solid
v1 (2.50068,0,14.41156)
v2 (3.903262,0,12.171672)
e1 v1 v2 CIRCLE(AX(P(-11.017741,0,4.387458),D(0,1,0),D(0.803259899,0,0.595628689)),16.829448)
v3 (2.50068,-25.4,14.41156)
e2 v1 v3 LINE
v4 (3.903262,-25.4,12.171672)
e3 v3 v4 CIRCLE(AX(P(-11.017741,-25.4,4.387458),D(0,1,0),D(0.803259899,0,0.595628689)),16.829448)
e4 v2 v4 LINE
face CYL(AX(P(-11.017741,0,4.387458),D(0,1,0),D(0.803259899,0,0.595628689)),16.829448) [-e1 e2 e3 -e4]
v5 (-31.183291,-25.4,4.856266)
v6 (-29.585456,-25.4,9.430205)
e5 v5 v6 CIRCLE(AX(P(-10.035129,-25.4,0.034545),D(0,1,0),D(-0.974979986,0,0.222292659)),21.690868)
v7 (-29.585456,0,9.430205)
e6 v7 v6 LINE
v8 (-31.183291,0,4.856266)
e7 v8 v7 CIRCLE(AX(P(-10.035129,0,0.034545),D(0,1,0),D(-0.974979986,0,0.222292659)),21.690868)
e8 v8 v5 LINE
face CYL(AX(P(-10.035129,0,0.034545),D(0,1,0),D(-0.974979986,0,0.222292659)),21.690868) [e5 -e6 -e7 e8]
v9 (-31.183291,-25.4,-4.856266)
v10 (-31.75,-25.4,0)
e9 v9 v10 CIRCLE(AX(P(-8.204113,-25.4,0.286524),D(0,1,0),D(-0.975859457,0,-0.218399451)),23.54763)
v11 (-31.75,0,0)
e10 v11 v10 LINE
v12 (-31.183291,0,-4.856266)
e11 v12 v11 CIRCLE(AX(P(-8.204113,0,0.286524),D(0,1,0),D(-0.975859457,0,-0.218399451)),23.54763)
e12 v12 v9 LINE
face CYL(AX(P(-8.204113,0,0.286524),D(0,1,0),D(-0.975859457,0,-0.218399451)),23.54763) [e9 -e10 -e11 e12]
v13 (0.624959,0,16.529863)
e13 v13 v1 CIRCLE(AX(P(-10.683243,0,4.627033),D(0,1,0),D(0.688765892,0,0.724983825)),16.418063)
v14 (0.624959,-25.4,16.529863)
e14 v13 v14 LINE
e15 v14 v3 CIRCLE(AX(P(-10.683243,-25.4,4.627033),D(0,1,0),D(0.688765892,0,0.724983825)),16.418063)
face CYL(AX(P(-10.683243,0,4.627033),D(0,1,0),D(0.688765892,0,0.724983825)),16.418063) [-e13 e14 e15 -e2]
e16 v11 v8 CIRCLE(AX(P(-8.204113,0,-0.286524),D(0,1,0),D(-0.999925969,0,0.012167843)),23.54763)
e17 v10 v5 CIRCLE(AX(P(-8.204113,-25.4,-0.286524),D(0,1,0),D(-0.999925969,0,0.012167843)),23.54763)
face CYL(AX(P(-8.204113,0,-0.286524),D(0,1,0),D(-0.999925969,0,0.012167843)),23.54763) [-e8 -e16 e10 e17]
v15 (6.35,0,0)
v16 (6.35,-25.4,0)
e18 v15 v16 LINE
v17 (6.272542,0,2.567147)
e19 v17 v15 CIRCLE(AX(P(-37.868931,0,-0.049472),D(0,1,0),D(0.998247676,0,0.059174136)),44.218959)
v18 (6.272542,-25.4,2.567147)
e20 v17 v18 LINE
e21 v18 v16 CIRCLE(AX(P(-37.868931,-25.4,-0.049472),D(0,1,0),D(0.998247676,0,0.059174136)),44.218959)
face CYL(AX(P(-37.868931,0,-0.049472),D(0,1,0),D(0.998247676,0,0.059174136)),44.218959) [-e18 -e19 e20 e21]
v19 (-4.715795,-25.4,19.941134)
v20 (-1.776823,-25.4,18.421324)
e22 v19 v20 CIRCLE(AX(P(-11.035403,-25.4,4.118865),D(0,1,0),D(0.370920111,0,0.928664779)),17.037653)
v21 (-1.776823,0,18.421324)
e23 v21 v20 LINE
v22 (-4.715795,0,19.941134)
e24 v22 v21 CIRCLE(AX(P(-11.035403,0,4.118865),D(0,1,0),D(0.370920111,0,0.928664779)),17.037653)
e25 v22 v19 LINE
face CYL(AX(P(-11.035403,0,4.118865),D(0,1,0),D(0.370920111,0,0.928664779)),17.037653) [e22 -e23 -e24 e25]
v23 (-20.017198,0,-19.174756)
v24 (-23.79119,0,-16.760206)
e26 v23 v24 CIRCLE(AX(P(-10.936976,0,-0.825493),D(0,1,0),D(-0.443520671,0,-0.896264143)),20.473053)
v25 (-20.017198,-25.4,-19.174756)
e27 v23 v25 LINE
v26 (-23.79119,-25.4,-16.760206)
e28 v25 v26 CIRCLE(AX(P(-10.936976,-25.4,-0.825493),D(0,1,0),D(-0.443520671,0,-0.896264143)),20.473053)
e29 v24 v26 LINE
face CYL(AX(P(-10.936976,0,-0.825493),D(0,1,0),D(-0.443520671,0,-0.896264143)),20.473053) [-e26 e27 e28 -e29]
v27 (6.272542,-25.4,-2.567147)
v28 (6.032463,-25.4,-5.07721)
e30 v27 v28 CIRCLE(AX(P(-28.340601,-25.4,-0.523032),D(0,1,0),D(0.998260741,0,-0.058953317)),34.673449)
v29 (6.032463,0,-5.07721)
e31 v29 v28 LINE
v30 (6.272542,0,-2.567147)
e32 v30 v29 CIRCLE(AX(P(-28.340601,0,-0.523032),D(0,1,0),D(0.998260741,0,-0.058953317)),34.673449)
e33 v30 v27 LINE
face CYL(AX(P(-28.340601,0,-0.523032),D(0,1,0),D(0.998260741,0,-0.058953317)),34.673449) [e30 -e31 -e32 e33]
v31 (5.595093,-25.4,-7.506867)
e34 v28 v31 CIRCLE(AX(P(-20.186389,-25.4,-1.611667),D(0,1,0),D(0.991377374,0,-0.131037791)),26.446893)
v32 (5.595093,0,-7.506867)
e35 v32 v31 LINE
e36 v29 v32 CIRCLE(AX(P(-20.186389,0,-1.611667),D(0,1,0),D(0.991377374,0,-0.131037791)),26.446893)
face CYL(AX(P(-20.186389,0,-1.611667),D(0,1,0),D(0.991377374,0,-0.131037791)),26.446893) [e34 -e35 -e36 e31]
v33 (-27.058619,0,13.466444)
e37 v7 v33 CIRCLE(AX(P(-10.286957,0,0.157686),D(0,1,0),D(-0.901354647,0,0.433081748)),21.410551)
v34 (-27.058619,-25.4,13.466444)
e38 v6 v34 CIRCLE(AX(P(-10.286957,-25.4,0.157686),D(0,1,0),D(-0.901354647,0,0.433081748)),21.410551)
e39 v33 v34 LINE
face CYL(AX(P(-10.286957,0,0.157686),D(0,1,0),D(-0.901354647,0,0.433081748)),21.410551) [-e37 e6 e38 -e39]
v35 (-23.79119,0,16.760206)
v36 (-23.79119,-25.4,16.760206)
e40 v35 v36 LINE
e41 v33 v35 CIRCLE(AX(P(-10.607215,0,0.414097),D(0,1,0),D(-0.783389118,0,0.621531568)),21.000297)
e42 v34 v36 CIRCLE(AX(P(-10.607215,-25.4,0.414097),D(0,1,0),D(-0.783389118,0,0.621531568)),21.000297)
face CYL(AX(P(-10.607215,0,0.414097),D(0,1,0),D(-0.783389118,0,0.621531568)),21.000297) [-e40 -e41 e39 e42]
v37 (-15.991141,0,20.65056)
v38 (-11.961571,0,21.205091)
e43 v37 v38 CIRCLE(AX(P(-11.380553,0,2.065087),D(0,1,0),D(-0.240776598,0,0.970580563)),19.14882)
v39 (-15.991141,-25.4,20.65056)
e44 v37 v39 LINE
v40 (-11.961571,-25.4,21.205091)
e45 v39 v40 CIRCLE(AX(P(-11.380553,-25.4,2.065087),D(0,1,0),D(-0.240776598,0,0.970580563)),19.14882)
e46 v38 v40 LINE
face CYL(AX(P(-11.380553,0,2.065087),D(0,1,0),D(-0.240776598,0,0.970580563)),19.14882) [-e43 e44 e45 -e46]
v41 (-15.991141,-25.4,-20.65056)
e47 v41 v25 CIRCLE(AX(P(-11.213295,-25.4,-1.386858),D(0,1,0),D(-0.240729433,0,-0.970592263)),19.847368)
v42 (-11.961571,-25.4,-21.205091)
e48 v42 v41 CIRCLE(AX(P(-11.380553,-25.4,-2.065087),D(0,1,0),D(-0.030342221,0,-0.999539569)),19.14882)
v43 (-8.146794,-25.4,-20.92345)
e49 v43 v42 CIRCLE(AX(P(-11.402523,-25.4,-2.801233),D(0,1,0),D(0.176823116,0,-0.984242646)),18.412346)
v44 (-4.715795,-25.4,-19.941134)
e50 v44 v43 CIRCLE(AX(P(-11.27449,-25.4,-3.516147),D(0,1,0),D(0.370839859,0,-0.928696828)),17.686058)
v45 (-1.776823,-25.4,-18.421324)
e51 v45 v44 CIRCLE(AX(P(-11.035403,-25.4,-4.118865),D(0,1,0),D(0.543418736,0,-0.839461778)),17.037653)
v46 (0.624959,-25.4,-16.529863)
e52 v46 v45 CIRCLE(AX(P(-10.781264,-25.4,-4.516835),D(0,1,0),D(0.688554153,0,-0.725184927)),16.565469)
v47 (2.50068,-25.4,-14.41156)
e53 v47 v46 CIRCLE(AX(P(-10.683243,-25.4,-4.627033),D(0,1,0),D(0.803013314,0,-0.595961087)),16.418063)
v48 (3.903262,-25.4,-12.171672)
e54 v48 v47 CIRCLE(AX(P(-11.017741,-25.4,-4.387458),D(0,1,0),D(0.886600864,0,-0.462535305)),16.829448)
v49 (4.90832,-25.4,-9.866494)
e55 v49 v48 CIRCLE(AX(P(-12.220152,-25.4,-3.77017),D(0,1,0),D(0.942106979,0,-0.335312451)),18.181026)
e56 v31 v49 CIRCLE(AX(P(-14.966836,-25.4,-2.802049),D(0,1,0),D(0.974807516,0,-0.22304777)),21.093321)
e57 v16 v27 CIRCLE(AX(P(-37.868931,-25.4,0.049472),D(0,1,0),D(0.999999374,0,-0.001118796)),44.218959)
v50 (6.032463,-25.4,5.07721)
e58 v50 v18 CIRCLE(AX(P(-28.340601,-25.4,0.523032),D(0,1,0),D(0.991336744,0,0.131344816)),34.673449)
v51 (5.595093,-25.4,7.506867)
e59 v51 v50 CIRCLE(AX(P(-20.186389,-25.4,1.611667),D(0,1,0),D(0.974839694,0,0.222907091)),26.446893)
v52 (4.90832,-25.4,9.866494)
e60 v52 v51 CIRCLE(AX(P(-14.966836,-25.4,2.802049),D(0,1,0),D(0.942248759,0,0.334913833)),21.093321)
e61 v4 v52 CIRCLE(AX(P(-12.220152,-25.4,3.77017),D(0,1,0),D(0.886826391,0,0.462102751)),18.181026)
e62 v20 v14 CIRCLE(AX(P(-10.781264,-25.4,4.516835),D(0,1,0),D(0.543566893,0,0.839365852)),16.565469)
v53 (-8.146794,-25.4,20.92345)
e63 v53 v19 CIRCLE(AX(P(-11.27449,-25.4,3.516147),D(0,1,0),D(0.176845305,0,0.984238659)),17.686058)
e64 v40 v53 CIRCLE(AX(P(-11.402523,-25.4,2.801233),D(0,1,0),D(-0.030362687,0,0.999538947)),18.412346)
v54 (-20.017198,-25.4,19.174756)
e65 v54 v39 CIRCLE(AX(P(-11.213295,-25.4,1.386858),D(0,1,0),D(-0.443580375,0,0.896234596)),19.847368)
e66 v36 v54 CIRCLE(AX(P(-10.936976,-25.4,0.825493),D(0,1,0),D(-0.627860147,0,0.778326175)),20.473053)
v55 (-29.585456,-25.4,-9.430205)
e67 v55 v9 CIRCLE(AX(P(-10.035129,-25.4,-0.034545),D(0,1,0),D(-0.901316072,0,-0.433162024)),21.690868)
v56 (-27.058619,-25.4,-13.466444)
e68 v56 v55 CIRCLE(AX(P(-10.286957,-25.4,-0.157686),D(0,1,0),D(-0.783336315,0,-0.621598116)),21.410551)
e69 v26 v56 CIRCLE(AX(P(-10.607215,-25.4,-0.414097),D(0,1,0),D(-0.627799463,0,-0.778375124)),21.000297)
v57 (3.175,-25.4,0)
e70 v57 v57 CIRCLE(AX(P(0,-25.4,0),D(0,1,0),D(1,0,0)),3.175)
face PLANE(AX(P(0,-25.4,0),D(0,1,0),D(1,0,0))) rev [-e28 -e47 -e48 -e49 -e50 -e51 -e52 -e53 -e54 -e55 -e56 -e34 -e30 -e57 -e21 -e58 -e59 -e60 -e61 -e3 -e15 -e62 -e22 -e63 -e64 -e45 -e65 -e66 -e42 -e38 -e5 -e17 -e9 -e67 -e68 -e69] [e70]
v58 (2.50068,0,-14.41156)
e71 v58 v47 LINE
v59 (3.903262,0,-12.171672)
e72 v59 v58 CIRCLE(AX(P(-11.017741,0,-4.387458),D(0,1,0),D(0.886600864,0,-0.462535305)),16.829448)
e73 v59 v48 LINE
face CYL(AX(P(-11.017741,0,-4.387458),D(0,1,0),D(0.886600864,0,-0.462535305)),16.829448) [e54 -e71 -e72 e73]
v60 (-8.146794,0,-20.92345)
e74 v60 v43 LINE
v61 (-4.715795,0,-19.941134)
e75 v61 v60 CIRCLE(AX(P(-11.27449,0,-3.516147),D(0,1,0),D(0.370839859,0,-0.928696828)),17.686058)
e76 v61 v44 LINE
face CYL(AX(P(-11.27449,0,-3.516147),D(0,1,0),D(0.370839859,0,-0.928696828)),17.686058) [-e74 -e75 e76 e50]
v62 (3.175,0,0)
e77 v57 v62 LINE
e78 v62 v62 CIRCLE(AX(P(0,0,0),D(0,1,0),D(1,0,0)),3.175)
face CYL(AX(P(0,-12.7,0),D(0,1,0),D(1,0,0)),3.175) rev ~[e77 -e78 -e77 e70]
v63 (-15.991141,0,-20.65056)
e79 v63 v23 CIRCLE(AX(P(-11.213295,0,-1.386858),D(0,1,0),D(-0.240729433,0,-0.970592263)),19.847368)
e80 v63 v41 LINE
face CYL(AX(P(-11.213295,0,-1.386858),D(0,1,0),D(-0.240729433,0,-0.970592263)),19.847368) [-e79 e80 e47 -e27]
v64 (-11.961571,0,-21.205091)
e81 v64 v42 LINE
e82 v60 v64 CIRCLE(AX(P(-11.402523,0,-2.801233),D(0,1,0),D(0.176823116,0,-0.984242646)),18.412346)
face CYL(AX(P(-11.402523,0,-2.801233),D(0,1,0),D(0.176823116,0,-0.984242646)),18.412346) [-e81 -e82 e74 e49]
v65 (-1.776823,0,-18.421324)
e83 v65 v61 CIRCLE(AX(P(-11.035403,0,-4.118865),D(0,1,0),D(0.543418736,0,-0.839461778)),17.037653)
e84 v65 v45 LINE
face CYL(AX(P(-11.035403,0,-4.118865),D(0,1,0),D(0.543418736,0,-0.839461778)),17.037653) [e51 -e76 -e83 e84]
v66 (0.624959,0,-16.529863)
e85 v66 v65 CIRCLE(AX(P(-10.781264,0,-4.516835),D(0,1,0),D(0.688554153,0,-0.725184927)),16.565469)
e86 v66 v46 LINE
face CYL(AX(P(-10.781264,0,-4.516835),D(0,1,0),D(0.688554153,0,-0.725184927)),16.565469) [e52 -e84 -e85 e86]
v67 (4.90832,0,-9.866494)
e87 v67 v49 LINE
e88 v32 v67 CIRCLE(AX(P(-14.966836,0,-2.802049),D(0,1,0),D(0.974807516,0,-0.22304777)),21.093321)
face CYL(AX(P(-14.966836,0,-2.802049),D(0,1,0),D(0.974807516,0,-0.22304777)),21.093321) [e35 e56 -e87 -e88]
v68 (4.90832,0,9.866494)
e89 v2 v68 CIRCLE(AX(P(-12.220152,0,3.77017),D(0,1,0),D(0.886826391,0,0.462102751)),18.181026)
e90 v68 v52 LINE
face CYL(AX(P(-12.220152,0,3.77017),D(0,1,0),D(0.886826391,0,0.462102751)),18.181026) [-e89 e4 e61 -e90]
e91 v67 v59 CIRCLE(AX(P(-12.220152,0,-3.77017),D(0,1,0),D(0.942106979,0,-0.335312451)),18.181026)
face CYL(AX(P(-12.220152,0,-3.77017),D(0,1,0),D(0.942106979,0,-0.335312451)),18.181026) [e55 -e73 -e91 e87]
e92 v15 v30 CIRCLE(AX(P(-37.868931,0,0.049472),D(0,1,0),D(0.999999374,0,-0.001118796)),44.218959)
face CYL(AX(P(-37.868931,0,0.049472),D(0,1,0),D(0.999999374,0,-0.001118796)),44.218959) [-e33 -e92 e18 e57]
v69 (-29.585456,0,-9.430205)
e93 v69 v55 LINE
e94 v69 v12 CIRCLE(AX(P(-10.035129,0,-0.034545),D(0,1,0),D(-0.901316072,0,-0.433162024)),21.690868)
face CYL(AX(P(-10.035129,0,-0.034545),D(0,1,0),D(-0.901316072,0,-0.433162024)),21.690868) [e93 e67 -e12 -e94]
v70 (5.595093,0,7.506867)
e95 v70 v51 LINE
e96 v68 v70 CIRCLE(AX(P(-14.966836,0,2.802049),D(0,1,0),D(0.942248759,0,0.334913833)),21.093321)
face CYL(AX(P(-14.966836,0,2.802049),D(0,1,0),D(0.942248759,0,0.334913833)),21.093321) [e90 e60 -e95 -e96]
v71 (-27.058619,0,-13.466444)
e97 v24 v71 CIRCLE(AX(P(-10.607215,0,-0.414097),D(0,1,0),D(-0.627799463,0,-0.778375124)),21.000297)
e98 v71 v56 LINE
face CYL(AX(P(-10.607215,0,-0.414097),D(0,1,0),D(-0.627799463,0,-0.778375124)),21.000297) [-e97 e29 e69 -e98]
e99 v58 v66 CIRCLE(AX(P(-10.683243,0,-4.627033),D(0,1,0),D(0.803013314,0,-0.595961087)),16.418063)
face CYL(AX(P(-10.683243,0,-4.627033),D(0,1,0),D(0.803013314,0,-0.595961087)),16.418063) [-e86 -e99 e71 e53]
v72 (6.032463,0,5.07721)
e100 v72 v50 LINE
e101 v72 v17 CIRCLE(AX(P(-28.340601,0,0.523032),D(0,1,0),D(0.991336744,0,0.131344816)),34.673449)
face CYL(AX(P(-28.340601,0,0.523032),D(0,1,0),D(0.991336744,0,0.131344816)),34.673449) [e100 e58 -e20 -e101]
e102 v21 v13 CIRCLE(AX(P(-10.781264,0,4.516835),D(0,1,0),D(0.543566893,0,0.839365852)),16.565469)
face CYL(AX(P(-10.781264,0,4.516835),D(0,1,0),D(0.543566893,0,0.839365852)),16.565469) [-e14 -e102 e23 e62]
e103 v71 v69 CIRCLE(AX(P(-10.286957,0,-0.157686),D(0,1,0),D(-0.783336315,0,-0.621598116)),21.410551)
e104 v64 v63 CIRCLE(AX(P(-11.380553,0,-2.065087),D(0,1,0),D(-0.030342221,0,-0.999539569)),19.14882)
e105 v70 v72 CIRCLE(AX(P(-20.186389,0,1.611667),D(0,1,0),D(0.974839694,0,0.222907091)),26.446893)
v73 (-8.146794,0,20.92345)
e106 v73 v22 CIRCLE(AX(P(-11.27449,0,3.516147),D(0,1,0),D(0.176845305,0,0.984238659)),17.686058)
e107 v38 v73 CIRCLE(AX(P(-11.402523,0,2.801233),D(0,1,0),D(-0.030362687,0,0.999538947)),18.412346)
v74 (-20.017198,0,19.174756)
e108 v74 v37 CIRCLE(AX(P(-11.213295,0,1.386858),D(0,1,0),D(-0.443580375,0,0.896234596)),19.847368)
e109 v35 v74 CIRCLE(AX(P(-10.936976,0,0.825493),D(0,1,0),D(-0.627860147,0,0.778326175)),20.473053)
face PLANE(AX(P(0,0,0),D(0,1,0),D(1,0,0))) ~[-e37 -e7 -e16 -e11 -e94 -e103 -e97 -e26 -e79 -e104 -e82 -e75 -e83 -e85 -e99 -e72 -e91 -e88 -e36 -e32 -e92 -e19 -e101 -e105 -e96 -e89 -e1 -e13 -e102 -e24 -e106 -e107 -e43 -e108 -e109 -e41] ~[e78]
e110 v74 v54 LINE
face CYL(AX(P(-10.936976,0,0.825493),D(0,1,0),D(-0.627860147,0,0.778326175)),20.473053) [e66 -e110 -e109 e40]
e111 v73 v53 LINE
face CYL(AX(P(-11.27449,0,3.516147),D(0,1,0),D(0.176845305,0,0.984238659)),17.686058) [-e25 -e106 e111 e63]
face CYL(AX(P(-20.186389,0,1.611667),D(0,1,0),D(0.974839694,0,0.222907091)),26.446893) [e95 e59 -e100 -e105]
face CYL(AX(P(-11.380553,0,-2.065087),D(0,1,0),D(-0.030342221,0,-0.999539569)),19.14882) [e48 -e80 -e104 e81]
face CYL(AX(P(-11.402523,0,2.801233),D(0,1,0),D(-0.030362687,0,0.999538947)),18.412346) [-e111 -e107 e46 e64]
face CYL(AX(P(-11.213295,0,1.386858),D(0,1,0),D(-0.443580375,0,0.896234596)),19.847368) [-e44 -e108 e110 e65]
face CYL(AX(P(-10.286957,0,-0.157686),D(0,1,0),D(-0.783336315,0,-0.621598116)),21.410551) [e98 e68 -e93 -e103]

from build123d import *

# Parameters (mm, degrees)
SKETCH1_W               = 123.825
SKETCH1_H               = 25.4
SKETCH2_OUTSIDE_W       = 328.022
SKETCH2_OUTSIDE_H       = 328.022
CUT_EXTRUDE1_DEPTH      = 10
CUT_EXTRUDE1_DEPTH_BACK = 35.4


with BuildPart() as part:
    # Sketch1 → Revolve1 (revolve)
    with BuildSketch(Plane.XY):
        with Locations((65.0875, -12.7)):
            Rectangle(SKETCH1_W, SKETCH1_H)
    revolve(axis=Axis((0, -1254, 0), (0, 1, 0)))

    # Sketch2 outside → Cut-Extrude1 (cut, two sides)
    with BuildSketch(Plane(origin=(0, 0, 0), x_dir=(1, 0, 0), z_dir=(0, 1, 0))) as cut_extrude1_sk:
        Rectangle(SKETCH2_OUTSIDE_W, SKETCH2_OUTSIDE_H)
        with BuildLine():
            ThreePointArc((6.35, 0), (6.329912836, 1.284135818), (6.27254171, 2.56714667))
            ThreePointArc((6.27254171, 2.56714667), (6.175326887, 3.824361251), (6.03246285, 5.077209643))
            ThreePointArc((6.03246285, 5.077209643), (5.842143008, 6.297144559), (5.595092591, 7.506867226))
            ThreePointArc((5.595092591, 7.506867226), (5.286100034, 8.696690934), (4.908320284, 9.866494044))
            ThreePointArc((4.908320284, 9.866494044), (4.445694933, 11.036480903), (3.903262447, 12.17167184))
            ThreePointArc((3.903262447, 12.17167184), (3.246006434, 13.319190062), (2.500680026, 14.411559999))
            ThreePointArc((2.500680026, 14.411559999), (1.608536581, 15.51119354), (0.624958662, 16.529863421))
            ThreePointArc((0.624958662, 16.529863421), (-0.532205476, 17.53111816), (-1.776823287, 18.421323977))
            ThreePointArc((-1.776823287, 18.421323977), (-3.209328759, 19.252740722), (-4.715795066, 19.941133777))
            ThreePointArc((-4.715795066, 19.941133777), (-6.406453621, 20.519055391), (-8.146794068, 20.923449837))
            ThreePointArc((-8.146794068, 20.923449837), (-10.046848772, 21.163603755), (-11.961570845, 21.205090642))
            ThreePointArc((-11.961570845, 21.205090642), (-13.991121641, 21.035122659), (-15.99114089, 20.650559852))
            ThreePointArc((-15.99114089, 20.650559852), (-18.044142393, 20.021705604), (-20.01719815, 19.174755893))
            ThreePointArc((-20.01719815, 19.174755893), (-21.970442626, 18.071028594), (-23.791190022, 16.760205626))
            ThreePointArc((-23.791190022, 16.760205626), (-25.516143096, 15.203834234), (-27.05861892, 13.466444423))
            ThreePointArc((-27.05861892, 13.466444423), (-28.434599881, 11.518792927), (-29.585456445, 9.430205097))
            ThreePointArc((-29.585456445, 9.430205097), (-30.512481977, 7.187988004), (-31.183290683, 4.85626557))
            ThreePointArc((-31.183290683, 4.85626557), (-31.593025755, 2.44288094), (-31.75, 0))
            ThreePointArc((-31.75, 0), (-31.593025755, -2.44288094), (-31.183290683, -4.85626557))
            ThreePointArc((-31.183290683, -4.85626557), (-30.512481977, -7.187988004), (-29.585456445, -9.430205097))
            ThreePointArc((-29.585456445, -9.430205097), (-28.434599881, -11.518792927), (-27.05861892, -13.466444423))
            ThreePointArc((-27.05861892, -13.466444423), (-25.516143096, -15.203834234), (-23.791190022, -16.760205626))
            ThreePointArc((-23.791190022, -16.760205626), (-21.970442626, -18.071028594), (-20.01719815, -19.174755893))
            ThreePointArc((-20.01719815, -19.174755893), (-18.044142393, -20.021705604), (-15.99114089, -20.650559852))
            ThreePointArc((-15.99114089, -20.650559852), (-13.991121641, -21.035122659), (-11.961570845, -21.205090642))
            ThreePointArc((-11.961570845, -21.205090642), (-10.046848772, -21.163603755), (-8.146794068, -20.923449837))
            ThreePointArc((-8.146794068, -20.923449837), (-6.406453621, -20.519055391), (-4.715795066, -19.941133777))
            ThreePointArc((-4.715795066, -19.941133777), (-3.209328759, -19.252740722), (-1.776823287, -18.421323977))
            ThreePointArc((-1.776823287, -18.421323977), (-0.532205476, -17.53111816), (0.624958662, -16.529863421))
            ThreePointArc((0.624958662, -16.529863421), (1.608536581, -15.51119354), (2.500680026, -14.411559999))
            ThreePointArc((2.500680026, -14.411559999), (3.246006434, -13.319190062), (3.903262447, -12.17167184))
            ThreePointArc((3.903262447, -12.17167184), (4.445694933, -11.036480903), (4.908320284, -9.866494044))
            ThreePointArc((4.908320284, -9.866494044), (5.286100034, -8.696690934), (5.595092591, -7.506867226))
            ThreePointArc((5.595092591, -7.506867226), (5.842143008, -6.297144559), (6.03246285, -5.077209643))
            ThreePointArc((6.03246285, -5.077209643), (6.175326887, -3.824361251), (6.27254171, -2.56714667))
            ThreePointArc((6.27254171, -2.56714667), (6.329912836, -1.284135818), (6.35, 0))
        make_face(mode=Mode.SUBTRACT)
    extrude(amount=CUT_EXTRUDE1_DEPTH, mode=Mode.SUBTRACT)
    extrude(cut_extrude1_sk.sketch, amount=-CUT_EXTRUDE1_DEPTH_BACK, mode=Mode.SUBTRACT)


solid = part.part
